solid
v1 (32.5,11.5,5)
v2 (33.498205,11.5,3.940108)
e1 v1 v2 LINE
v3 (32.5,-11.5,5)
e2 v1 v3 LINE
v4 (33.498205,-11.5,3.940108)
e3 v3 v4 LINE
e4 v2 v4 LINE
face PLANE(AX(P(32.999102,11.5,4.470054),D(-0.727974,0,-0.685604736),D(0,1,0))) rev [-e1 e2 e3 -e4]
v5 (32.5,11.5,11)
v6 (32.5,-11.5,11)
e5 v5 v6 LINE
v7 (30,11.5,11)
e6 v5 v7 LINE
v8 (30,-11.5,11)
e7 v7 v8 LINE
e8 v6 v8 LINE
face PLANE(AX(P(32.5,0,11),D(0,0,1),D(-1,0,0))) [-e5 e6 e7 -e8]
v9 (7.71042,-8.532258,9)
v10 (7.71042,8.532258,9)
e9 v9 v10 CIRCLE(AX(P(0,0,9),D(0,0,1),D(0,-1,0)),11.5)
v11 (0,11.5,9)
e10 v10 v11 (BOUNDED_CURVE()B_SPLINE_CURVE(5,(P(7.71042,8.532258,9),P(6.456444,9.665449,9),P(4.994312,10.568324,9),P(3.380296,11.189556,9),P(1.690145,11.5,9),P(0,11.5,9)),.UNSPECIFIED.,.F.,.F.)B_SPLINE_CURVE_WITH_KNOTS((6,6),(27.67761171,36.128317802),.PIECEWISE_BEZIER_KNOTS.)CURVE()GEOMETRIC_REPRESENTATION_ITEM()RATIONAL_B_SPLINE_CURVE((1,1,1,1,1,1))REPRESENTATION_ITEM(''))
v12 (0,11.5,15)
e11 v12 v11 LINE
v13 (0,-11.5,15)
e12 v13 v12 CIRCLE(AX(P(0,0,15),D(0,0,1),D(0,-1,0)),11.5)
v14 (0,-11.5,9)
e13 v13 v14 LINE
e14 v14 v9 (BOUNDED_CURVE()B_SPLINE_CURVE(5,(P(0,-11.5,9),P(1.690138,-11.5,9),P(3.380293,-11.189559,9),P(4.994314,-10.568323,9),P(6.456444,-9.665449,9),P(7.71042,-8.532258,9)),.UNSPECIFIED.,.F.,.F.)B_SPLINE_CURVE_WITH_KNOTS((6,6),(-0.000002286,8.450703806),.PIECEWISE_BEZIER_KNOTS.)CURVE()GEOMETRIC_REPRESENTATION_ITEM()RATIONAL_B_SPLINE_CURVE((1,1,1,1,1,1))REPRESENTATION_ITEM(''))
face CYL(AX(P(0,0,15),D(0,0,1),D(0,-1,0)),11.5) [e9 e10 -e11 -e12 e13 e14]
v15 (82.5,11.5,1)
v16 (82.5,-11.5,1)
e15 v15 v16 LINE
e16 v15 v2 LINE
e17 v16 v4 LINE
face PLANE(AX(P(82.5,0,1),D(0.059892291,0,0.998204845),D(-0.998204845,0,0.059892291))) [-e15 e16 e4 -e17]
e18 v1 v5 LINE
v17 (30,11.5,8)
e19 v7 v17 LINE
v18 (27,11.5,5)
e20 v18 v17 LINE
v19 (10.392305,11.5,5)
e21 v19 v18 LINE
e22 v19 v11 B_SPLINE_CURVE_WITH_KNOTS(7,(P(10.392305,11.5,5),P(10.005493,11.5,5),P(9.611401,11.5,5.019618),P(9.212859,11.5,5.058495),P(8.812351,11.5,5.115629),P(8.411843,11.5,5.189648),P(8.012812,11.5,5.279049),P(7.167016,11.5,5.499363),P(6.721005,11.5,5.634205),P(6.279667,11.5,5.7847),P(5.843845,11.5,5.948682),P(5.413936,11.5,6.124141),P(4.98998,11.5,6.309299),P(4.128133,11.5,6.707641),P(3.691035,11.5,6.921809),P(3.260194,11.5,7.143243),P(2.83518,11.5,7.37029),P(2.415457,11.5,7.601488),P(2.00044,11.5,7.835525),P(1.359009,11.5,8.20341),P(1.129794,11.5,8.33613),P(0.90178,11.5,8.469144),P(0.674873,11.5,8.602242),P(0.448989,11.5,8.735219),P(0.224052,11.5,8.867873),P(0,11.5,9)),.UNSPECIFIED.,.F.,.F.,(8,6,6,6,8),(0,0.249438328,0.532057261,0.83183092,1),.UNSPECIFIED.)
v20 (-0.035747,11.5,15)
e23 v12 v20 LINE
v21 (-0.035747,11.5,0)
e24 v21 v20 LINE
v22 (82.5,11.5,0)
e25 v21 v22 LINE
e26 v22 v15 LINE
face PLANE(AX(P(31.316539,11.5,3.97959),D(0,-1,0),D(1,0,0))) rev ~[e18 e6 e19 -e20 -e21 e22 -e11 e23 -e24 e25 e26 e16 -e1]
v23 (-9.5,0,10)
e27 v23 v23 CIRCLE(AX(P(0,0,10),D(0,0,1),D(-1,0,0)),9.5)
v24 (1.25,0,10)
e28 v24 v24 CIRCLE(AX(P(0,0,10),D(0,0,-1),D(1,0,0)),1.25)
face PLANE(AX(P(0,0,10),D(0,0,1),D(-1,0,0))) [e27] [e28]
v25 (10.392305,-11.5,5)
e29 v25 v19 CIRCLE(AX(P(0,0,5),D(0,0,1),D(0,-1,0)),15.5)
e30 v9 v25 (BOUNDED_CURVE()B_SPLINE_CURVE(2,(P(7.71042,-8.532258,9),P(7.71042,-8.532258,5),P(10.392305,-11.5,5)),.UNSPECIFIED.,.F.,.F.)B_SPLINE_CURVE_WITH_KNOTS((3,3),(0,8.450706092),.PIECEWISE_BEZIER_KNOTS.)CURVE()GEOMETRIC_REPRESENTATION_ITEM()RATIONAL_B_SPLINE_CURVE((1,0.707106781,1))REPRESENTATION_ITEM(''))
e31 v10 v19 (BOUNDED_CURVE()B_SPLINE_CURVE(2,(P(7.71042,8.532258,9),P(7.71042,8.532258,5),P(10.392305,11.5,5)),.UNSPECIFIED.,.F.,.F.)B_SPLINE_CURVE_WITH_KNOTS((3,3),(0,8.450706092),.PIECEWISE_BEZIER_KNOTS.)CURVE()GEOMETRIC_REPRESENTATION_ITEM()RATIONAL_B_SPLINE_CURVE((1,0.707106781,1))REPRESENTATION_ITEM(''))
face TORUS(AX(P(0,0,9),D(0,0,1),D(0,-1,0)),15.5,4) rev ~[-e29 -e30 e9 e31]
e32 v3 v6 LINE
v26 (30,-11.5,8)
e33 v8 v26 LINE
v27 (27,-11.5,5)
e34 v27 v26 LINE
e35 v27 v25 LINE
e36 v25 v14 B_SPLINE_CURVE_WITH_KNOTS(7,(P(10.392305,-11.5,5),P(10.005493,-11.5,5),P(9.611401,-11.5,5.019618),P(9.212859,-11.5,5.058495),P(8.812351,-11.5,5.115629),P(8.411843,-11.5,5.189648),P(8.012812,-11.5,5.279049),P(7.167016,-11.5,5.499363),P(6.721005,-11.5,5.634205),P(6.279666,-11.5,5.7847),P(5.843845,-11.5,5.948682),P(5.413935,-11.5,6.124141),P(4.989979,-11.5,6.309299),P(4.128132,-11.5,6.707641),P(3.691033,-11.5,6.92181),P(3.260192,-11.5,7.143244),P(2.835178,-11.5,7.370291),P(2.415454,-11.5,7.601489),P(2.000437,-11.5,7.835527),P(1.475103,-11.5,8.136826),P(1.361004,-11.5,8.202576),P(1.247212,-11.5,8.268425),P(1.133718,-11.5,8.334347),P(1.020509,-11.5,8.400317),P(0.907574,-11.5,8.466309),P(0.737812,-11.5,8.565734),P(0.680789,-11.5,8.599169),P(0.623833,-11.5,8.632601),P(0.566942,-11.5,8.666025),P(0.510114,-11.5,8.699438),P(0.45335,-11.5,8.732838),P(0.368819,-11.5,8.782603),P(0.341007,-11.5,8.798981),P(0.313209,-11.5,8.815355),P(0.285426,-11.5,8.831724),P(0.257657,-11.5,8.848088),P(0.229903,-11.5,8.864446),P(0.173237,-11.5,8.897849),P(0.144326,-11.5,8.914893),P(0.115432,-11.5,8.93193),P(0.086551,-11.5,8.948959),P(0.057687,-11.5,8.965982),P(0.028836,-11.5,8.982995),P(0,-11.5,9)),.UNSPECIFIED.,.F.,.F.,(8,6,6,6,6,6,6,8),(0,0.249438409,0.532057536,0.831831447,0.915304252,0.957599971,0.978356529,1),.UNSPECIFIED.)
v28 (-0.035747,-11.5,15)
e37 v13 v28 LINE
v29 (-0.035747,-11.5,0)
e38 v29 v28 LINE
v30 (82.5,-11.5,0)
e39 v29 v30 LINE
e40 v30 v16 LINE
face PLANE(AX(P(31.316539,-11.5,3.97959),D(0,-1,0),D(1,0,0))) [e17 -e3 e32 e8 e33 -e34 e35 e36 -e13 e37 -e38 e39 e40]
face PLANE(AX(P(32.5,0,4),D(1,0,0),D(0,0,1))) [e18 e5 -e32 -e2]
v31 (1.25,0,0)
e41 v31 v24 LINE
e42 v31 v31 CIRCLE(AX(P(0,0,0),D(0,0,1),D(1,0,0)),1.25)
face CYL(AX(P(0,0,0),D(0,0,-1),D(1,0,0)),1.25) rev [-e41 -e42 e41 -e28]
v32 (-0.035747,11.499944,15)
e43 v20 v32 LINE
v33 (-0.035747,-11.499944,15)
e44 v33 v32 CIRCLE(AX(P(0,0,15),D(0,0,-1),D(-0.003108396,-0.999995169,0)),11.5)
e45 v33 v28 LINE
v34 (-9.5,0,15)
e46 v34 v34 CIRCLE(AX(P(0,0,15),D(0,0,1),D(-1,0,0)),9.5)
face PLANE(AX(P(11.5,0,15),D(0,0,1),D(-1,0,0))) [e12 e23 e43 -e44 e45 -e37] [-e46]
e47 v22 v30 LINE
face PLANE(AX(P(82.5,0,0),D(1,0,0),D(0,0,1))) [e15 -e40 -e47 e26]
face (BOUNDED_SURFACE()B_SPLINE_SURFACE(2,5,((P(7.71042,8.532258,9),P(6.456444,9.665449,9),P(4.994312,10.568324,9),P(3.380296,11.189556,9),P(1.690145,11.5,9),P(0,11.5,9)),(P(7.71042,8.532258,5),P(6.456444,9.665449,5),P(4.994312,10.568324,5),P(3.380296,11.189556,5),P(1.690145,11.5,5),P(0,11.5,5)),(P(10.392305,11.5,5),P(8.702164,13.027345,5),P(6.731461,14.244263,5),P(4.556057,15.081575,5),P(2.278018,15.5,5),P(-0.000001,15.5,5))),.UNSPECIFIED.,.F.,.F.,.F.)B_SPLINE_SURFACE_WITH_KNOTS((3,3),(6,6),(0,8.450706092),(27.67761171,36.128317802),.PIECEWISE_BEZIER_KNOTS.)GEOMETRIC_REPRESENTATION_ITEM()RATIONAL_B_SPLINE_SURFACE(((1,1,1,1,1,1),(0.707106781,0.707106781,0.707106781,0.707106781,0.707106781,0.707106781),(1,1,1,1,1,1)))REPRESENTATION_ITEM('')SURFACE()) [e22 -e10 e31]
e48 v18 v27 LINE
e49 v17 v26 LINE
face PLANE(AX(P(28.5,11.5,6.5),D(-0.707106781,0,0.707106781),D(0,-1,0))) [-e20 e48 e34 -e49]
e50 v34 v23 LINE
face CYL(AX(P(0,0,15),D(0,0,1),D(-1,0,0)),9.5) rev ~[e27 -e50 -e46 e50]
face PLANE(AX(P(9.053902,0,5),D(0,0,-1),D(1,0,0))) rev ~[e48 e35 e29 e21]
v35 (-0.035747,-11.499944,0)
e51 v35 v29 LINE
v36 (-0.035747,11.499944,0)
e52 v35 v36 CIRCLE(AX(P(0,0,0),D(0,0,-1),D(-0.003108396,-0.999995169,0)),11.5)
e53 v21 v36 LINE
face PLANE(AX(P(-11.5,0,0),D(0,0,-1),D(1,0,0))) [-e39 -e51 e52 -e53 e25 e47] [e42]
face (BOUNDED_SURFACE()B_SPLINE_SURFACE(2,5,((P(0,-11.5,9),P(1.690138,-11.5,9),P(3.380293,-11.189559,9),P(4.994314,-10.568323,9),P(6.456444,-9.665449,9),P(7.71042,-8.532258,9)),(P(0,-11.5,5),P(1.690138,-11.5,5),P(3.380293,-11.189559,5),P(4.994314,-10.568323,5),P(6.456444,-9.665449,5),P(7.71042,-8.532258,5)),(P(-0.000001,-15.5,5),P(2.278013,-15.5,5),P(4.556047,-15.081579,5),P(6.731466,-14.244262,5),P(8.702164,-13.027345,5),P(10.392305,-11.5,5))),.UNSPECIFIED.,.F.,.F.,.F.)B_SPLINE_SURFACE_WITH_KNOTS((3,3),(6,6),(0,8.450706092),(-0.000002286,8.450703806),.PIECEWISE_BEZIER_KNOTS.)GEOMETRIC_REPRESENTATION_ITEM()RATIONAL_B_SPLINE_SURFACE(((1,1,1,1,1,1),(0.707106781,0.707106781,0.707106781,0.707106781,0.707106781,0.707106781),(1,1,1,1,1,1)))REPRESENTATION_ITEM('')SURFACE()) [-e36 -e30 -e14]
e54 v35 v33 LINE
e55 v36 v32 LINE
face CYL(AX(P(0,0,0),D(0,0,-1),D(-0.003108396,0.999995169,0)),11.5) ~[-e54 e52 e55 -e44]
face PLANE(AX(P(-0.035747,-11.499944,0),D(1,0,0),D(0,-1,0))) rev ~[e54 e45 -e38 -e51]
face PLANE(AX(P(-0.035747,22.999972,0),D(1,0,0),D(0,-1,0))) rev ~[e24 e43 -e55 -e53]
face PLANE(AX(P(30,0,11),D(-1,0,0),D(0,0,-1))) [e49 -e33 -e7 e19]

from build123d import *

# Parameters (mm, degrees)
PAD_DEPTH       = 11.5
POCKET_DEPTH    = 15
SKETCH003_R     = 9.5
POCKET001_DEPTH = 5
POCKET002_DEPTH = 10
FILLET_R        = 4
CHAMFER_SIZE    = 3
CHAMFER001_SIZE = 1
SKETCH006_R     = 1.25
POCKET003_DEPTH = 30


with BuildPart() as part:
    # Sketch → Pad (new body, symmetric)
    with BuildSketch(Plane.XZ):
        Polygon((-11.5, 0), (82.5, 0), (82.5, 1), (32.5, 4), (32.5, 11), (30, 11), (30, 5), (11.5, 5), (11.5, 15), (-11.5, 15), align=None)
    extrude(amount=PAD_DEPTH, both=True)

    # Sketch001 → Pocket (cut)
    with BuildSketch(Plane.XY):
        with BuildLine():
            ThreePointArc((-0.035747, 11.499944), (-11.5, 0), (-0.035747, -11.499944))
            Line((-0.035747, -11.499944), (-0.035747, -22.999972))
            ThreePointArc((-0.035747, 22.999972), (-23, 0), (-0.035747, -22.999972))
            Line((-0.035747, 22.999972), (-0.035747, 11.499944))
        make_face()
    extrude(amount=POCKET_DEPTH, mode=Mode.SUBTRACT)

    # Sketch003 (on DatumPlane) → Pocket001 (cut)
    with BuildSketch(Plane(origin=(0, 0, 15), x_dir=(-1, 0, 0), z_dir=(0, 0, 1))):
        Circle(SKETCH003_R)
    extrude(amount=-POCKET001_DEPTH, mode=Mode.SUBTRACT)

    # Sketch005 (on Face1 of Pocket001) → Pocket002 (cut)
    with BuildSketch(Plane(origin=(0, 0, 15), x_dir=(-1, 0, 0), z_dir=(0, 0, 1))):
        with BuildLine():
            ThreePointArc((0, 11.5), (-11.5, 0), (0, -11.5))
            Line((0, -11.5), (0, -23))
            ThreePointArc((0, 23), (-23, 0), (0, -23))
            Line((0, 23), (0, 11.5))
        make_face()
    extrude(amount=-POCKET002_DEPTH, mode=Mode.SUBTRACT)

    # Fillet
    fillet_edges = [part.edges().sort_by_distance(p)[0] for p in [
        (8.131728, -8.131728, 5),
        (8.131728, 8.131728, 5),
    ]]
    fillet(fillet_edges, radius=FILLET_R)

    # Chamfer
    chamfer_edges = [part.edges().sort_by_distance(p)[0] for p in [
        (30, 0, 5),
    ]]
    chamfer(chamfer_edges, length=CHAMFER_SIZE)

    # Chamfer001
    chamfer001_edges = [part.edges().sort_by_distance(p)[0] for p in [
        (32.5, 0, 4),
    ]]
    chamfer(chamfer001_edges, length=CHAMFER001_SIZE)

    # Sketch006 → Pocket003 (cut)
    with BuildSketch(Plane.XY):
        Circle(SKETCH006_R)
    extrude(amount=POCKET003_DEPTH, mode=Mode.SUBTRACT)


solid = part.part
